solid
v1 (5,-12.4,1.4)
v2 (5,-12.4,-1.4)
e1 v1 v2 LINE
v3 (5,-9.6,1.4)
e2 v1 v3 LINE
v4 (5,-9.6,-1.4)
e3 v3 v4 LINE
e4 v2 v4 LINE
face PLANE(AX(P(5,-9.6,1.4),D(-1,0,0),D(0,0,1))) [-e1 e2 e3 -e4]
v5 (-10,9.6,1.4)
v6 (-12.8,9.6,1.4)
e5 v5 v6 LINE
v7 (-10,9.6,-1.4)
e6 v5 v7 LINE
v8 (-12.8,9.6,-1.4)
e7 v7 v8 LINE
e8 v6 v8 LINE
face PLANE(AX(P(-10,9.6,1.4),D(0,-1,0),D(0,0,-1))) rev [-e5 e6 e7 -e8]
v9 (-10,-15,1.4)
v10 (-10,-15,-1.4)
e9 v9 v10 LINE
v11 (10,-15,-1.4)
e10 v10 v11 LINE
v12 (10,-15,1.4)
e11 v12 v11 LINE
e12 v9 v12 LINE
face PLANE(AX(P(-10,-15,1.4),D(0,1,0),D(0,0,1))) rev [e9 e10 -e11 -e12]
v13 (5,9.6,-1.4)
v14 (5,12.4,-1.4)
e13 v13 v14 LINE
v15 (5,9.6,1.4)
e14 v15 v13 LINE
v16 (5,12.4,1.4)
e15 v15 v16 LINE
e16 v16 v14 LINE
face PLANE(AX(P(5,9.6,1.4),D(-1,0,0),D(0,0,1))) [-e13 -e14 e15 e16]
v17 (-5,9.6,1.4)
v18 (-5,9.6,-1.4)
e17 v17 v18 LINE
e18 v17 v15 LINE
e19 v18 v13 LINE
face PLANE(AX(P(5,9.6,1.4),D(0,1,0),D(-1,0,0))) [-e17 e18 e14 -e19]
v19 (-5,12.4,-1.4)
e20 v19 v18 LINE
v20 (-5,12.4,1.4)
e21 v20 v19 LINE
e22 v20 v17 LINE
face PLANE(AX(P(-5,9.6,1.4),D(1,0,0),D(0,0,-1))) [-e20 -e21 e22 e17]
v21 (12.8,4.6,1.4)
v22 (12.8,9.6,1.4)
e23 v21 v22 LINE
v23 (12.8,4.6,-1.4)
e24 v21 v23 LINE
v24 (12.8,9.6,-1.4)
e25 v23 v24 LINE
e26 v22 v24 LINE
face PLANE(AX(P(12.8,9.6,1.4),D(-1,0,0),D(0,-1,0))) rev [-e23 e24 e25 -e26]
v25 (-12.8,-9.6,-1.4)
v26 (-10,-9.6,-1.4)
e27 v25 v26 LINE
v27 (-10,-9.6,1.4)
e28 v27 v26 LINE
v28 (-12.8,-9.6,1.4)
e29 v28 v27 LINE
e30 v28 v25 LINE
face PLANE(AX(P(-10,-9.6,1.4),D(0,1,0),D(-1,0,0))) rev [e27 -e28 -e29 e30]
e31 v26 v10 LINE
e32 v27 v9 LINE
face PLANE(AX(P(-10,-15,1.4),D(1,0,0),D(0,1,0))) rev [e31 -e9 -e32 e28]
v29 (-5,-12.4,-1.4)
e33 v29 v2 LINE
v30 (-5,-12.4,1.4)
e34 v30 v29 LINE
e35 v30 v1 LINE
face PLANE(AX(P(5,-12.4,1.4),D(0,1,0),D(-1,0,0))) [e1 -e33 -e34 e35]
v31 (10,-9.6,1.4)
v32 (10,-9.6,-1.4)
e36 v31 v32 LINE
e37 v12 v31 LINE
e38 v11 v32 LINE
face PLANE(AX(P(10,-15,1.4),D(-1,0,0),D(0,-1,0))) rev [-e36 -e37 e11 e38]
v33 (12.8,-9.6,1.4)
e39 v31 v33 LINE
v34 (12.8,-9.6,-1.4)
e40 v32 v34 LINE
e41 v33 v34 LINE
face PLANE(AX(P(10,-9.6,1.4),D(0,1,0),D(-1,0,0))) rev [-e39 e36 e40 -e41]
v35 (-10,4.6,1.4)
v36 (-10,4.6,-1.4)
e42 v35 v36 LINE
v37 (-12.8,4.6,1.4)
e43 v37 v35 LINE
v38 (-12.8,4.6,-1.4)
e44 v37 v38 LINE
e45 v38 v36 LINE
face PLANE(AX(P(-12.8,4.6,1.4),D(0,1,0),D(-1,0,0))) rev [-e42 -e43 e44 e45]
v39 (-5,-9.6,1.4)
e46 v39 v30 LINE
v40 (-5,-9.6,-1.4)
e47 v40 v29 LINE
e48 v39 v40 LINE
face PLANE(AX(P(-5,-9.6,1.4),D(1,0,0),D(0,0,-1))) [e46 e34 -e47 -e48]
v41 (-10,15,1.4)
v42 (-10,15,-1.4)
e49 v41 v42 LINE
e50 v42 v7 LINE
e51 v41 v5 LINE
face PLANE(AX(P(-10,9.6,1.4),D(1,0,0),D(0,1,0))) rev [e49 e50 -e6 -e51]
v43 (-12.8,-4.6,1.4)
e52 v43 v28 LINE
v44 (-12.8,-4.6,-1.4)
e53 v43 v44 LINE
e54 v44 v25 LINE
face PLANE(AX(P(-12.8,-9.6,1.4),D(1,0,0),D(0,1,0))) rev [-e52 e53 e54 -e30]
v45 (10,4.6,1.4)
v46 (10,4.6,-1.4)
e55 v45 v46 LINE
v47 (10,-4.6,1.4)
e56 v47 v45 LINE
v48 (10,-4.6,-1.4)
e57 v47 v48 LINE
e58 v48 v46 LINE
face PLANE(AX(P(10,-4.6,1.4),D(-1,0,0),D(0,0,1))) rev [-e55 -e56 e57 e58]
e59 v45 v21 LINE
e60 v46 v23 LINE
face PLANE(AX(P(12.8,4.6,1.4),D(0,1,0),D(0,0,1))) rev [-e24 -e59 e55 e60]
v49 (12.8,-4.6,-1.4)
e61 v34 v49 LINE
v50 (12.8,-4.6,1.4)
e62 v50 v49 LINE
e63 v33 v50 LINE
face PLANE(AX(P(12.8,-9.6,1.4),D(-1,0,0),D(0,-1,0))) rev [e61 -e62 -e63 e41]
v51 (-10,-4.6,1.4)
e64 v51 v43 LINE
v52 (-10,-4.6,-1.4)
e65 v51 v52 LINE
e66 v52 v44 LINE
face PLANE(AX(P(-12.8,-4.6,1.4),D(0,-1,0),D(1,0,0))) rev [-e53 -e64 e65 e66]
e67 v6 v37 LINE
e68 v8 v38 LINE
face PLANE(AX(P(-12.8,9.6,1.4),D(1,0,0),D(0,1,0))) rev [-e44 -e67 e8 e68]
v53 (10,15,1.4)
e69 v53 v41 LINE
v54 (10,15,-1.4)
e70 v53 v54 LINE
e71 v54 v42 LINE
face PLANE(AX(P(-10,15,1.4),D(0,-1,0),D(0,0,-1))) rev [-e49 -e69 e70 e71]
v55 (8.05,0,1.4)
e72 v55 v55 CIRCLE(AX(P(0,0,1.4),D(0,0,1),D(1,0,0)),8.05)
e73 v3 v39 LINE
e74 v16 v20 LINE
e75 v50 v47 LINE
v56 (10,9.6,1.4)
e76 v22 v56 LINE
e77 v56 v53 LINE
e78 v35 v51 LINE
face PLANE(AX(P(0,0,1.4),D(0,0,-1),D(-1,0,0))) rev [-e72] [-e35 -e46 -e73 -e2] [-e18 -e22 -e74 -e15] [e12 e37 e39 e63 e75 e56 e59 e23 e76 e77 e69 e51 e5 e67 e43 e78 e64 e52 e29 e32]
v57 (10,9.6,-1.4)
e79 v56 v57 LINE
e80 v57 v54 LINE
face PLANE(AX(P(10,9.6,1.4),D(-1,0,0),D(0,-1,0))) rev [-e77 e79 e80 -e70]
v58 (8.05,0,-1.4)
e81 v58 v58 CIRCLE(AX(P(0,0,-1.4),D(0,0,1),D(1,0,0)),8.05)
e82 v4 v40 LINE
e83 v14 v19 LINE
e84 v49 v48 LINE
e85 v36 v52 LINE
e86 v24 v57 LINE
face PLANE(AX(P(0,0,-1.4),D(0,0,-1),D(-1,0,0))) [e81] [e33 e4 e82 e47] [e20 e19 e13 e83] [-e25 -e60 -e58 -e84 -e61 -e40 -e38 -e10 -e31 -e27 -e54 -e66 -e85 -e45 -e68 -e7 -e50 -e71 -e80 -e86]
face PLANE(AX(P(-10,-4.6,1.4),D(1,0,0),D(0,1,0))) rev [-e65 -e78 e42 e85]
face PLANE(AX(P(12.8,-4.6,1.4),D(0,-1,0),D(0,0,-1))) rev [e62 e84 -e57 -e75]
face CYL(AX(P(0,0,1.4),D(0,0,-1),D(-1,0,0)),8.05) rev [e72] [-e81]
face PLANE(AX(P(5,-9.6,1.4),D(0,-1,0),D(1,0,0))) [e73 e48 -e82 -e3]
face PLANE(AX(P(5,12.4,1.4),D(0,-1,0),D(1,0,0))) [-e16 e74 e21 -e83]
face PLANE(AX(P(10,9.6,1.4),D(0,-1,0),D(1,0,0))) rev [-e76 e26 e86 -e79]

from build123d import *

# Parameters (mm, degrees)
SKETCH_1_R      = 8.05
SKETCH_1_W      = 10
SKETCH_1_H      = 2.8
EXTRUDE_1_DEPTH = 1.4


with BuildPart() as part:
    # Эскиз1 → Бобышка-Вытянуть1 (new, symmetric)
    with BuildSketch(Plane.XY):
        Polygon((-10, 9.6), (-12.8, 9.6), (-12.8, 4.6), (-10, 4.6), (-10, -4.6), (-12.8, -4.6), (-12.8, -9.6), (-10, -9.6), (-10, -15), (10, -15), (10, -9.6), (12.8, -9.6), (12.8, -4.6), (10, -4.6), (10, 4.6), (12.8, 4.6), (12.8, 9.6), (10, 9.6), (10, 15), (-10, 15), align=None)
        Circle(SKETCH_1_R, mode=Mode.SUBTRACT)
        with Locations((0, -11)):
            Rectangle(SKETCH_1_W, SKETCH_1_H, mode=Mode.SUBTRACT)
        with Locations((0, 11)):
            Rectangle(SKETCH_1_W, SKETCH_1_H, mode=Mode.SUBTRACT)
    extrude(amount=EXTRUDE_1_DEPTH, both=True)


solid = part.part
